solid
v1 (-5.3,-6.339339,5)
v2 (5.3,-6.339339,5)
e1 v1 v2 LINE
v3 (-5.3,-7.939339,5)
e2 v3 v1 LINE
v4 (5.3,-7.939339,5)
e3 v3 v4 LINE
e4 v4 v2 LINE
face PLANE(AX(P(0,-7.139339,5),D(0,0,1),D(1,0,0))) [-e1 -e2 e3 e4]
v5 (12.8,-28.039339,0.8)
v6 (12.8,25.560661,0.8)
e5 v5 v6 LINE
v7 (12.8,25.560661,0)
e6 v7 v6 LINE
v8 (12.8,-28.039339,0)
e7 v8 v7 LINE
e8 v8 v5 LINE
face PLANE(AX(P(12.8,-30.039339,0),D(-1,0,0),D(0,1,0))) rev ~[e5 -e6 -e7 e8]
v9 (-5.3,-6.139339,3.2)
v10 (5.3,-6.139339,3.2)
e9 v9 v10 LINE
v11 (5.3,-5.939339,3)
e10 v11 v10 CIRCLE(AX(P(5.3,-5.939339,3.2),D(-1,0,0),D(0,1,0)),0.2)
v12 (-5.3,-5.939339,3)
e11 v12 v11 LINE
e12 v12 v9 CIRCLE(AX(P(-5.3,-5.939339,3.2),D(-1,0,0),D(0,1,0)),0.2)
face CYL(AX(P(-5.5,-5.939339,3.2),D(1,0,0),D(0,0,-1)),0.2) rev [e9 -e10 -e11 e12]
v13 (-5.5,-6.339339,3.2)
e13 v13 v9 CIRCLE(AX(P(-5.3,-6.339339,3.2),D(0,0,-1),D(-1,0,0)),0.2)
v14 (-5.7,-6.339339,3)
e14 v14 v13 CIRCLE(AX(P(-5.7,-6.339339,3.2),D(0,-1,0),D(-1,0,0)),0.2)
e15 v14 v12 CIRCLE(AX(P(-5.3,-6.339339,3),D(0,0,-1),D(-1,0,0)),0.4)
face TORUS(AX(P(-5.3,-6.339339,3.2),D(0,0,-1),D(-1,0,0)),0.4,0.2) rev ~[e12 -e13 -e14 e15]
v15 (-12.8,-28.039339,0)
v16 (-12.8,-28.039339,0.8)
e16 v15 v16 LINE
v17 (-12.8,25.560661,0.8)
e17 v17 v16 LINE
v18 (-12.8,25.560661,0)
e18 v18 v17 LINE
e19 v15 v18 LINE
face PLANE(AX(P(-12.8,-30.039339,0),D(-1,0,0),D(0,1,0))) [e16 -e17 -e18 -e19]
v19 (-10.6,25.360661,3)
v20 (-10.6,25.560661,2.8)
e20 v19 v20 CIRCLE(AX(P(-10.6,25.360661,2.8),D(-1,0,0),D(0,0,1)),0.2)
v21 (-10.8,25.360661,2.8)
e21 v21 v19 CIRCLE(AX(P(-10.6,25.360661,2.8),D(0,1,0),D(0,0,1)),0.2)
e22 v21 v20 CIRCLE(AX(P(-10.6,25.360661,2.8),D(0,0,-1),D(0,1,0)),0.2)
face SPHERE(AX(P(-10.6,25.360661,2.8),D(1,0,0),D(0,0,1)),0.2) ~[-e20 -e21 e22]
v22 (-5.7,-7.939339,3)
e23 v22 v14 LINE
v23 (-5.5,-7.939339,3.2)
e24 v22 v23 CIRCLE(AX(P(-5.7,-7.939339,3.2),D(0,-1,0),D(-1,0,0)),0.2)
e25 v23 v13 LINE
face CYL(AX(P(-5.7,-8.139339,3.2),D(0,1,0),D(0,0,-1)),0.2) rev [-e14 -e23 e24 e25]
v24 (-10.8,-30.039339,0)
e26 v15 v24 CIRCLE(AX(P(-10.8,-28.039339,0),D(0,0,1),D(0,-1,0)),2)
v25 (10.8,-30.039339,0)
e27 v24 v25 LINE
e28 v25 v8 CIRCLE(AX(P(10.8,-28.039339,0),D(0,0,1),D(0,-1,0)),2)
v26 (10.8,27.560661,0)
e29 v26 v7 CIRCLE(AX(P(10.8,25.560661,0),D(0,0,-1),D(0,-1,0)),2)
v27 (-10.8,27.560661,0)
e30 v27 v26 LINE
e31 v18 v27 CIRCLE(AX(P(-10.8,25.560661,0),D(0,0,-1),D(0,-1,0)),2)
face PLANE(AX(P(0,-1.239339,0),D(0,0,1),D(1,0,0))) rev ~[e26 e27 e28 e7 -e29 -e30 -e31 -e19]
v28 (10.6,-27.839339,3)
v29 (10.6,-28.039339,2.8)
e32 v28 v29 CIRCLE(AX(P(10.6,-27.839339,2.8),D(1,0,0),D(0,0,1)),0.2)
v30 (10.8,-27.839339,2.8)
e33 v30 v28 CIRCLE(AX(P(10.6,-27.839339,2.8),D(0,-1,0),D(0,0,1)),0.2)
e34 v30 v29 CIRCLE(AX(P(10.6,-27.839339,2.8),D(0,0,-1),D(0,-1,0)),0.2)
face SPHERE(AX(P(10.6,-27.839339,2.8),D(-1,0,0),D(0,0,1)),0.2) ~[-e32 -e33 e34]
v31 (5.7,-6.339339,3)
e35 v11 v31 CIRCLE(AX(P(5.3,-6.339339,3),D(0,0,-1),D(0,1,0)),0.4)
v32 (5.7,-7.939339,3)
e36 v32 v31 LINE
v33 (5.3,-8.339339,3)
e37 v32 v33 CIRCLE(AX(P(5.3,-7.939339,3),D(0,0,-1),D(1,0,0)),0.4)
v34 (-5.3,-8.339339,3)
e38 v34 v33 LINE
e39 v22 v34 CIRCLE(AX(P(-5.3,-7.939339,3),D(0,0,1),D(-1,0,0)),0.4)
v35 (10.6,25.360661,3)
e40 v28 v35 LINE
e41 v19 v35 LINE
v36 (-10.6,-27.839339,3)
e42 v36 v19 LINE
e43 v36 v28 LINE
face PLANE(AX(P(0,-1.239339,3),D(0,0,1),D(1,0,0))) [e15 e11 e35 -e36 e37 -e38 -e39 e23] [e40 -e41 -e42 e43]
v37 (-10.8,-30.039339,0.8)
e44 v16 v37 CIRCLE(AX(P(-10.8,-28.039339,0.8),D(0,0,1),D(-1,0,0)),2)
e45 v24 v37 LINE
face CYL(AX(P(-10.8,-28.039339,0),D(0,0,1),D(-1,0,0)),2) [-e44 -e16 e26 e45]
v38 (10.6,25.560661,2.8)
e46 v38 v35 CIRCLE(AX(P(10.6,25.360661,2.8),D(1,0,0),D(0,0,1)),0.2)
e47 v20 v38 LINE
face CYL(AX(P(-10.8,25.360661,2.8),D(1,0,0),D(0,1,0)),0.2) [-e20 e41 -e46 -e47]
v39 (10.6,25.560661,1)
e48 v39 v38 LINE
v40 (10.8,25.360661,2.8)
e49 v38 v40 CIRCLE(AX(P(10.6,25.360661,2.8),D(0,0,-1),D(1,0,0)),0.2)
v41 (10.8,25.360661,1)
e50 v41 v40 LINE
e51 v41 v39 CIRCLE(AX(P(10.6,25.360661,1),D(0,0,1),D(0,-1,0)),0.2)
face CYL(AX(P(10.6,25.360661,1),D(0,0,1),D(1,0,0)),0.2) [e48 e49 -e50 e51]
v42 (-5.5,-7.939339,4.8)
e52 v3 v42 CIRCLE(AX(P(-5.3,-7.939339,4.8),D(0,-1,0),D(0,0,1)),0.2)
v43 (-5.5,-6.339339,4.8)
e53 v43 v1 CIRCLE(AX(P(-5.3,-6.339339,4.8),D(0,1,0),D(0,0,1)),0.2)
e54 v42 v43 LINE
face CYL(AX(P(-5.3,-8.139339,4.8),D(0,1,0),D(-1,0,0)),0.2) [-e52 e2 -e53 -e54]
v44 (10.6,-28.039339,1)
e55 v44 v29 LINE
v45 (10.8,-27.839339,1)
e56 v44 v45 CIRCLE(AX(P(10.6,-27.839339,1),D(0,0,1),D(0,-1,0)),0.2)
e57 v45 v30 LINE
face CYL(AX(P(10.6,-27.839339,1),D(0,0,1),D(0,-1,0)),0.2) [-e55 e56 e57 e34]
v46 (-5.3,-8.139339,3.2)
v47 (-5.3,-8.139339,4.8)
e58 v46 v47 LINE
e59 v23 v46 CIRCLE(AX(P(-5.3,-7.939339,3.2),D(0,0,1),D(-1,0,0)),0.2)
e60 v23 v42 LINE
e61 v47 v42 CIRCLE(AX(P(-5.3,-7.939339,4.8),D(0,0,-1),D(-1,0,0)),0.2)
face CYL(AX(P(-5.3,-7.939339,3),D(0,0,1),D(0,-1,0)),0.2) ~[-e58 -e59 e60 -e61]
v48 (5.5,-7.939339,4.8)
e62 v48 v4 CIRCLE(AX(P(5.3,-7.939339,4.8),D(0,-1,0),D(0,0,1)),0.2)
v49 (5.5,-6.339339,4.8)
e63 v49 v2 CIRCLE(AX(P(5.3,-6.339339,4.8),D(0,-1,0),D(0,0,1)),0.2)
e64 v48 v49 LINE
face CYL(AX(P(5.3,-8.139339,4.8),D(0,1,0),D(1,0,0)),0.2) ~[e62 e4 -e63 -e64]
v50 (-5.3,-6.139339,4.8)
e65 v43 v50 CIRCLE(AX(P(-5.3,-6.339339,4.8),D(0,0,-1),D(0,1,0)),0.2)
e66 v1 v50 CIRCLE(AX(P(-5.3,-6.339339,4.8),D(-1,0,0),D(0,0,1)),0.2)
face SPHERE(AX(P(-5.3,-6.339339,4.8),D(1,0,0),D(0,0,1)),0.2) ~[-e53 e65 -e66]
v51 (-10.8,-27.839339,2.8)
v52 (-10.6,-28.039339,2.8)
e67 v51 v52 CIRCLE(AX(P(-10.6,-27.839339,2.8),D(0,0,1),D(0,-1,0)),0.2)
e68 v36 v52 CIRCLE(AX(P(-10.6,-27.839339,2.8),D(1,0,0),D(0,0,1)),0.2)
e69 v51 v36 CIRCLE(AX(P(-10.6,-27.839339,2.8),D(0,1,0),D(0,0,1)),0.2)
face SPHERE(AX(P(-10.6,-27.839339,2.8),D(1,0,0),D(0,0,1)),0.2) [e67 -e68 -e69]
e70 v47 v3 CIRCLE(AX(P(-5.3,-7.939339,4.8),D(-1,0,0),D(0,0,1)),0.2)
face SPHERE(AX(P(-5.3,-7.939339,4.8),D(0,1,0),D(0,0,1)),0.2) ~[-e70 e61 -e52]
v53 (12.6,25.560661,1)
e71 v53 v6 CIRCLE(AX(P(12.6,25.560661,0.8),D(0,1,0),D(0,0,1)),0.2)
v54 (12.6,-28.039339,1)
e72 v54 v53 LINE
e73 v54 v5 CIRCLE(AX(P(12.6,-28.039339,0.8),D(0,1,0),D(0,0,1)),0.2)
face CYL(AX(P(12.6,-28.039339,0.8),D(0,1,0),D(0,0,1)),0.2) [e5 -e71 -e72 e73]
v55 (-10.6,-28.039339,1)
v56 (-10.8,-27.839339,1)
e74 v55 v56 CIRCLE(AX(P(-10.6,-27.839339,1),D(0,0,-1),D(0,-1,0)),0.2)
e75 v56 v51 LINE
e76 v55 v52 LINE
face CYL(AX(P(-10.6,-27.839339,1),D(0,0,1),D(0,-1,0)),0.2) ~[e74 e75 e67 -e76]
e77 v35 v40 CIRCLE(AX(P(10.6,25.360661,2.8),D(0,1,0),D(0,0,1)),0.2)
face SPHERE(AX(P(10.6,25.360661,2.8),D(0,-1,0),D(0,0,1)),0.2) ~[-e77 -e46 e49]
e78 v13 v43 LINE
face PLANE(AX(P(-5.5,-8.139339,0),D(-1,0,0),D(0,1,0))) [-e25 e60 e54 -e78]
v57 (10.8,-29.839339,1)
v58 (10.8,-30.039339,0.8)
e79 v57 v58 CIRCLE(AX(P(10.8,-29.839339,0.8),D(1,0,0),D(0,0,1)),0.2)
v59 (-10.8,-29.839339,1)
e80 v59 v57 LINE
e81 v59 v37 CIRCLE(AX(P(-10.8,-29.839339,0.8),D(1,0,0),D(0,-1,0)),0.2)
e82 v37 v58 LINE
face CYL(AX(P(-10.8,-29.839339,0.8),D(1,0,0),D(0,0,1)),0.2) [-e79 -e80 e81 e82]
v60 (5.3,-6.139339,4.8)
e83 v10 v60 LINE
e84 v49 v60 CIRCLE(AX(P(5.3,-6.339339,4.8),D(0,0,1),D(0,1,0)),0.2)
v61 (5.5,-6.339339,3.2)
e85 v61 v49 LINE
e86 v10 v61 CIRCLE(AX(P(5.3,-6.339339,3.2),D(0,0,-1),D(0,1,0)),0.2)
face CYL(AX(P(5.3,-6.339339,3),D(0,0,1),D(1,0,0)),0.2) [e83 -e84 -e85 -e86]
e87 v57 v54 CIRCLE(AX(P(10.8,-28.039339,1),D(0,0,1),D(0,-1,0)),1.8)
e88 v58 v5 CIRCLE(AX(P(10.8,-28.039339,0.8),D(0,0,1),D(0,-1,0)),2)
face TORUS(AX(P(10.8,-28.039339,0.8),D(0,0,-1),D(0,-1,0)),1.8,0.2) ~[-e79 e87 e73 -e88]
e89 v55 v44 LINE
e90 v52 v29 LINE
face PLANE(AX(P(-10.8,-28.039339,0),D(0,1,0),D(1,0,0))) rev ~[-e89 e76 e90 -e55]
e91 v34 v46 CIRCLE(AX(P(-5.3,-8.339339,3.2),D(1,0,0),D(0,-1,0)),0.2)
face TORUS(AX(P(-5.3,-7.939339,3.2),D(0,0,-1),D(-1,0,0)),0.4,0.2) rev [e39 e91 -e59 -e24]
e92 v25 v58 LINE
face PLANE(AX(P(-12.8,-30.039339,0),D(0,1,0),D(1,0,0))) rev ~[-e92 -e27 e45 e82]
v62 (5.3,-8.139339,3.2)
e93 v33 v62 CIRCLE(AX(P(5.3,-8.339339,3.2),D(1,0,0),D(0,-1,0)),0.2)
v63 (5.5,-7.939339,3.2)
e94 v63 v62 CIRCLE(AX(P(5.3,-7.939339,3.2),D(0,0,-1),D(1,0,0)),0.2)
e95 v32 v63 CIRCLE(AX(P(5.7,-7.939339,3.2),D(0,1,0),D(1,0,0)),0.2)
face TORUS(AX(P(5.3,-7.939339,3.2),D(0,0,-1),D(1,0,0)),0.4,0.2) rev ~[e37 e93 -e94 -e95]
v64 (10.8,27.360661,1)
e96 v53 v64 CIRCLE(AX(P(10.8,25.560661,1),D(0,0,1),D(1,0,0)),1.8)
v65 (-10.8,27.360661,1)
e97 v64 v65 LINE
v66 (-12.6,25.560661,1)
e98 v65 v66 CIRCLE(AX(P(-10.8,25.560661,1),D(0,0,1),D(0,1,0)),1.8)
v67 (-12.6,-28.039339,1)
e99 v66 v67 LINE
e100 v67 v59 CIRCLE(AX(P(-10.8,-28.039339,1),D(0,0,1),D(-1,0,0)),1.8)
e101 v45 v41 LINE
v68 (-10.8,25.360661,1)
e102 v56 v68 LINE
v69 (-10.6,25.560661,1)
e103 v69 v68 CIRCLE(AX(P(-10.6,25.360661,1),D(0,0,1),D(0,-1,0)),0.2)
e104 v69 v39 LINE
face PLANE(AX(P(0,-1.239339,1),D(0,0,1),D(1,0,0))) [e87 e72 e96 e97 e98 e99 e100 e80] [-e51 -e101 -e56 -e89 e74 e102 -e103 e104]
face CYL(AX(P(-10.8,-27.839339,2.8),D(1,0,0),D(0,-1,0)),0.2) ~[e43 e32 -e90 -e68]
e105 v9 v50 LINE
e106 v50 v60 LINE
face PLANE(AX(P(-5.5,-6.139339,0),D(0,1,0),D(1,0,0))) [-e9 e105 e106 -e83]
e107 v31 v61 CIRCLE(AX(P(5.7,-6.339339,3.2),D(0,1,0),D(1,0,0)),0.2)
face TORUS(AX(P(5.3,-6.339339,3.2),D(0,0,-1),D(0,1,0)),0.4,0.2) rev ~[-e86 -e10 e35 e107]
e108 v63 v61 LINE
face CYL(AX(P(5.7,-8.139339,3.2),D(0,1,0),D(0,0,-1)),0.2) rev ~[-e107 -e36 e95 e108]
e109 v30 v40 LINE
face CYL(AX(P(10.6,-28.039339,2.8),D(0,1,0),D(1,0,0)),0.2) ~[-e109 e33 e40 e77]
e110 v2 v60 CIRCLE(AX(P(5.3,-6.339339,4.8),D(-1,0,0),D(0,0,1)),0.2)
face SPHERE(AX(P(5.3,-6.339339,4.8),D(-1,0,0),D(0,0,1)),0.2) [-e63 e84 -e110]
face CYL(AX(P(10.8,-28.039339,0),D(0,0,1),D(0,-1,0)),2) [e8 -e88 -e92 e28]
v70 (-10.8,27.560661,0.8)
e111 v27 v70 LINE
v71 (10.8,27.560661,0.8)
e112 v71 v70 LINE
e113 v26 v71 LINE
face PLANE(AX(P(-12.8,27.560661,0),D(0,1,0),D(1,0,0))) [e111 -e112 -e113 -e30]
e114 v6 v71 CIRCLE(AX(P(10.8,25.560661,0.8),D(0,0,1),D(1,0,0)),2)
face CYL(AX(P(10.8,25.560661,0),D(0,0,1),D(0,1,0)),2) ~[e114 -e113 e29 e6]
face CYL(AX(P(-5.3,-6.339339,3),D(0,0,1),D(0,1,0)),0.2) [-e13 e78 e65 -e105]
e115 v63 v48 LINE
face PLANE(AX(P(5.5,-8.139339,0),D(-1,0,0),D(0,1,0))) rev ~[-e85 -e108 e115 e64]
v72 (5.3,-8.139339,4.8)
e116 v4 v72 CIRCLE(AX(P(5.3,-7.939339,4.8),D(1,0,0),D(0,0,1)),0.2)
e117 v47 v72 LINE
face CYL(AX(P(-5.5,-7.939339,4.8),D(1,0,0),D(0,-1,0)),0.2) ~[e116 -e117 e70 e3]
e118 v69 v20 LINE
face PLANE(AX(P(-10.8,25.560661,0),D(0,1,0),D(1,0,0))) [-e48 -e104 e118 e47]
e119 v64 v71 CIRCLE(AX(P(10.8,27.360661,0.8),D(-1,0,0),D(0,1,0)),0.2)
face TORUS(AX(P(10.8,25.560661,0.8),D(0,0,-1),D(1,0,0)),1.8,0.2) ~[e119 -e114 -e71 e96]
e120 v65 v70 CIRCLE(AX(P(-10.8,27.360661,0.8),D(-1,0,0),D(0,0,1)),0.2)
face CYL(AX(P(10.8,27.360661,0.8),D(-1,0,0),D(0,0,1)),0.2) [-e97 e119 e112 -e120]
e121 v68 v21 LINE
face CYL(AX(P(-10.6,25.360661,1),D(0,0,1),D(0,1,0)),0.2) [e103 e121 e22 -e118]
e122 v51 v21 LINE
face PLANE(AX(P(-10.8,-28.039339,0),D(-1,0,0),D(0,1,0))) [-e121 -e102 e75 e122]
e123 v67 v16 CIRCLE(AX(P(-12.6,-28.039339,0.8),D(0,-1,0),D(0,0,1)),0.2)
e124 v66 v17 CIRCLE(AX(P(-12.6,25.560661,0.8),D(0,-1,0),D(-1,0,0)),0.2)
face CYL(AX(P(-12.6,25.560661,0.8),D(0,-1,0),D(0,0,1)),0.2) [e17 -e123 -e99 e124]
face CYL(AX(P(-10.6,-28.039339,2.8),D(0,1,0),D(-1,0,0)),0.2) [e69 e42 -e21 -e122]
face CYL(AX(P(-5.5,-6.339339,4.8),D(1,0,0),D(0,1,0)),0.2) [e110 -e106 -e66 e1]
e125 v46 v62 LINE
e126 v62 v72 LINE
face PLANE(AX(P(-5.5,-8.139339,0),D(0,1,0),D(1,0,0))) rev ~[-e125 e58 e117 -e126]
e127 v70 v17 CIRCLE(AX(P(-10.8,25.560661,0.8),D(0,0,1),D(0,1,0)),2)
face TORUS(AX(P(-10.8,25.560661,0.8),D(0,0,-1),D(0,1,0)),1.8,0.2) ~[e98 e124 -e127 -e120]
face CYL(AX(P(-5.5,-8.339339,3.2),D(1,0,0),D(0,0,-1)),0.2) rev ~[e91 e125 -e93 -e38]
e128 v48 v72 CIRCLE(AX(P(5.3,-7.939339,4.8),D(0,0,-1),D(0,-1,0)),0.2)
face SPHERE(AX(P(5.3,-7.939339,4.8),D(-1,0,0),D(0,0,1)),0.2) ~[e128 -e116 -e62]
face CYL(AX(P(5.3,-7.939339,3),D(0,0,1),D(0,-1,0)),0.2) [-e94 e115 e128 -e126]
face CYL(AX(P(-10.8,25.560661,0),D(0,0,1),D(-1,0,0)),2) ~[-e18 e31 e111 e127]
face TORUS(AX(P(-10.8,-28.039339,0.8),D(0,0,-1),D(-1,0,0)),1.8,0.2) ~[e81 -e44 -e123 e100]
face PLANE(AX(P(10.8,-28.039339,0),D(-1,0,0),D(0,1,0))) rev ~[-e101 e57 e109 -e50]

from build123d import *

# Parameters (mm, degrees)
F0_W     = 25.6
F0_H     = 57.6
F0_W_2   = 21.6
F0_H_2   = 53.6
F1_DEPTH = 1
F0_W_3   = 11
F0_H_3   = 2
F2_DEPTH = 3
F3_DEPTH = 5
F4_R     = 2
F5_R     = 0.2


with BuildPart() as f1:
    # F0 (on Top) → F1 (new body)
    with BuildSketch(Plane.XY):
        with Locations((0, -1.2393394568)):
            Rectangle(F0_W, F0_H)
        with Locations((0, -1.2393394568)):
            Rectangle(F0_W_2, F0_H_2, mode=Mode.SUBTRACT)
    extrude(amount=F1_DEPTH)

    # F0 (on Top) → F2 (join)
    with BuildSketch(Plane.XY):
        with Locations((0, -1.2393394568)):
            Rectangle(F0_W_2, F0_H_2)
        with Locations((0, -7.1393394568)):
            Rectangle(F0_W_3, F0_H_3, mode=Mode.SUBTRACT)
    extrude(amount=F2_DEPTH)

    # F0 (on Top) → F3 (join)
    with BuildSketch(Plane.XY):
        with Locations((0, -7.1393394568)):
            Rectangle(F0_W_3, F0_H_3)
    extrude(amount=F3_DEPTH)

    # F4
    f4_edges = [f1.edges().sort_by_distance(p)[0] for p in [
        (-12.8, -30.039339, 0.5),
        (12.8, -30.039339, 0.5),
        (12.8, 27.560661, 0.5),
        (-12.8, 27.560661, 0.5),
    ]]
    fillet(f4_edges, radius=F4_R)

    # F5
    f5_edges = [f1.edges().sort_by_distance(p)[0] for p in [
        (12.8, -1.239339, 1),
        (0, -28.039339, 3),
        (10.8, -1.239339, 3),
        (0, 25.560661, 3),
        (-10.8, -1.239339, 3),
        (-5.5, -7.139339, 3),
        (0, -6.139339, 3),
        (5.5, -7.139339, 3),
        (0, -8.139339, 3),
        (10.8, 25.560661, 2),
        (-10.8, 25.560661, 2),
        (-10.8, -28.039339, 2),
        (10.8, -28.039339, 2),
        (0, -6.139339, 5),
        (-5.5, -7.139339, 5),
        (0, -8.139339, 5),
        (5.5, -7.139339, 5),
        (5.5, -8.139339, 4),
        (-5.5, -8.139339, 4),
        (5.5, -6.139339, 4),
        (-5.5, -6.139339, 4),
    ]]
    fillet(f5_edges, radius=F5_R)


solid = f1.part
